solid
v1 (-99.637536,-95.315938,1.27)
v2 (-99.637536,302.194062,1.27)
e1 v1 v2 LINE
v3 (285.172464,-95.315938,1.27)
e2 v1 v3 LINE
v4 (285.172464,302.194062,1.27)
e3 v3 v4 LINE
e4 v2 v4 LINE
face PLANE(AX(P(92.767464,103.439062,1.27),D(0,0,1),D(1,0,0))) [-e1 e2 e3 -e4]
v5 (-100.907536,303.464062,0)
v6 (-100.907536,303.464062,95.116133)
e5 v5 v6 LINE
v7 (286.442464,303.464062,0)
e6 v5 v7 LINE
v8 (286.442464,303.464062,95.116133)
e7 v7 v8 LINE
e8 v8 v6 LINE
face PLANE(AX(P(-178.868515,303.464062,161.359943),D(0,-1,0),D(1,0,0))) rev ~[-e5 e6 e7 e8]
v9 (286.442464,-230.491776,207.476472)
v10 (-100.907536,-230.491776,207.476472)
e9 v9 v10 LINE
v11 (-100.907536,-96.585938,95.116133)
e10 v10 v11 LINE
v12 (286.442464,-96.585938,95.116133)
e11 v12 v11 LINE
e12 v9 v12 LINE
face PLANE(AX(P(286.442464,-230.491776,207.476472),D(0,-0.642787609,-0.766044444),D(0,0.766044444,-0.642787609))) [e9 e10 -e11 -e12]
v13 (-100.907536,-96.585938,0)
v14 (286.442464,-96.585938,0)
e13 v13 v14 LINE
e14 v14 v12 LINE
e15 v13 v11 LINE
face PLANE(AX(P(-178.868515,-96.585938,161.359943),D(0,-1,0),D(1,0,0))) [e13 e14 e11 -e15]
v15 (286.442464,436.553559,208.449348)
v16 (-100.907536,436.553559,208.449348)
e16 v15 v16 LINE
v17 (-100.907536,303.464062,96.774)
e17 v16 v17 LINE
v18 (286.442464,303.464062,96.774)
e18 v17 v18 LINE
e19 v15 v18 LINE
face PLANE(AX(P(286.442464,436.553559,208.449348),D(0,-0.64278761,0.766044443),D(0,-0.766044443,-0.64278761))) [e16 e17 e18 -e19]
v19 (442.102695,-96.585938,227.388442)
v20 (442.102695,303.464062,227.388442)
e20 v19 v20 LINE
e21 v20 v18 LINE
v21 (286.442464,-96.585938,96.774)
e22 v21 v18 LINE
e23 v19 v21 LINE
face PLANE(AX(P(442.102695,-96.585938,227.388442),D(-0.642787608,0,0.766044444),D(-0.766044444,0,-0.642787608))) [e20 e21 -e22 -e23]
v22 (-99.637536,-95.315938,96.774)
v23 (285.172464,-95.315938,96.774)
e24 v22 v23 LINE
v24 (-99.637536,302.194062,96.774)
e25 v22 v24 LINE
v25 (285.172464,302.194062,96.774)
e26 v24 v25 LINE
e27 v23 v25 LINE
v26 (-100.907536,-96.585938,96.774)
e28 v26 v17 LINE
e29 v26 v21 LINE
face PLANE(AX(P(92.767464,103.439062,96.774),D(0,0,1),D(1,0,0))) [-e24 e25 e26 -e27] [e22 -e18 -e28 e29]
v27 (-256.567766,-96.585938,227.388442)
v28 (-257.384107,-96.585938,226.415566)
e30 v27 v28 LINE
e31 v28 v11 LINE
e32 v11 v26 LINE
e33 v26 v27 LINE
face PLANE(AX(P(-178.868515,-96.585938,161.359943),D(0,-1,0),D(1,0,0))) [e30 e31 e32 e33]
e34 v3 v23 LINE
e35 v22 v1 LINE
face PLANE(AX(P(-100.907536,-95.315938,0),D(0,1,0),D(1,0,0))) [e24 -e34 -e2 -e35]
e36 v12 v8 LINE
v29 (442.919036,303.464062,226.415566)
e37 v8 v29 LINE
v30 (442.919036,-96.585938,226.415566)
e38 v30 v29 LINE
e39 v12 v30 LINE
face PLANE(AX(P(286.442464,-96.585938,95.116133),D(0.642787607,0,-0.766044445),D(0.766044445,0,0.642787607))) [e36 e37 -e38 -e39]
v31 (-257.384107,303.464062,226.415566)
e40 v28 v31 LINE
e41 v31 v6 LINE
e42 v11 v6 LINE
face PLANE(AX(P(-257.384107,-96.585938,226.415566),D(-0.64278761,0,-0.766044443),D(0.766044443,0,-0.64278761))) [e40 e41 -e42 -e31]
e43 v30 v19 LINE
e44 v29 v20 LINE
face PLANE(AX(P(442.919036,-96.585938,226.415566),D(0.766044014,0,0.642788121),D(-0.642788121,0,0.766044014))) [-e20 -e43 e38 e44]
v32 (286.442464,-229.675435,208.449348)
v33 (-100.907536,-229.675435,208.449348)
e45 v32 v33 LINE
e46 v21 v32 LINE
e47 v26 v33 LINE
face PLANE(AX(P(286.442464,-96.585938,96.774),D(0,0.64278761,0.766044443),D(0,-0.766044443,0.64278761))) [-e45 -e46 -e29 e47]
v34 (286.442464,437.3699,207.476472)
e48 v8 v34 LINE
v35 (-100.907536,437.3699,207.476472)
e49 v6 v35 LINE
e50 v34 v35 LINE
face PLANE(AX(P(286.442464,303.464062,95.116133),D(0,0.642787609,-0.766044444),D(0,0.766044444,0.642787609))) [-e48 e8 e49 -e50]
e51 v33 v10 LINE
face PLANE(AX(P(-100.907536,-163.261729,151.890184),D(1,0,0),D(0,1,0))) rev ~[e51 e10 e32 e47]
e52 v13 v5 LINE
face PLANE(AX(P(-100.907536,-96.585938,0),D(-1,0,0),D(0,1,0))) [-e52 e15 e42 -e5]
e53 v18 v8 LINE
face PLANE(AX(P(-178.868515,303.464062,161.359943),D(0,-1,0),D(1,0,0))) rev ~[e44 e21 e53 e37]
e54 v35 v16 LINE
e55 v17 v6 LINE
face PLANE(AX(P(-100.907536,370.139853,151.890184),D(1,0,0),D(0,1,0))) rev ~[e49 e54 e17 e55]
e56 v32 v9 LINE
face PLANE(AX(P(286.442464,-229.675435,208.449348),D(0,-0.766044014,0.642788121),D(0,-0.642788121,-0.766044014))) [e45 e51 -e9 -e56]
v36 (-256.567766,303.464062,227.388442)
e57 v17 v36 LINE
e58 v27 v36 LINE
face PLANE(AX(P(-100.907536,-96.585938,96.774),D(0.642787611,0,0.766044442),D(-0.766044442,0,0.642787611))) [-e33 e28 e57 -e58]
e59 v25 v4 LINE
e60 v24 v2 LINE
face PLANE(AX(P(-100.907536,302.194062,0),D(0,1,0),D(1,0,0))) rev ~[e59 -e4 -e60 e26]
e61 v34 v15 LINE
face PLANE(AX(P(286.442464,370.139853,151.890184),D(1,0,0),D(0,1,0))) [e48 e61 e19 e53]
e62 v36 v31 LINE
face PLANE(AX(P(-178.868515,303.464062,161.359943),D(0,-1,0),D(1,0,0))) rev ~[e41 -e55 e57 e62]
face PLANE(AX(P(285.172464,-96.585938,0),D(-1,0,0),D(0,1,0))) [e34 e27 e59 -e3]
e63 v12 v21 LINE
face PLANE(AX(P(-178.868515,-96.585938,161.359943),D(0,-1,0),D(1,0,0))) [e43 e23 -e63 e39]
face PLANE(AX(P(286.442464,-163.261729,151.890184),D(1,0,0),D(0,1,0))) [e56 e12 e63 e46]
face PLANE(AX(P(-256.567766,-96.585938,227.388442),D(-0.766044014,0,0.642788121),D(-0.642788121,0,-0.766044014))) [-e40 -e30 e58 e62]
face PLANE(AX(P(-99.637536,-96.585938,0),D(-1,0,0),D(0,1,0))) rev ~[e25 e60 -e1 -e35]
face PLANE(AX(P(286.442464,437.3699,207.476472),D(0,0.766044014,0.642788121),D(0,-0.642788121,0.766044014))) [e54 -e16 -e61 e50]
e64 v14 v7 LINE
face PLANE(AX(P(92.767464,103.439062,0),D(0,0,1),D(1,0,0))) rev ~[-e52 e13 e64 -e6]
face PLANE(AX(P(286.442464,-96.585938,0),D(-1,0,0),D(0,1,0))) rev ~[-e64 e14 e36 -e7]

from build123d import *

# Parameters (mm, degrees)
F0_W     = 387.35
F0_H     = 400.05
F1_DEPTH = 96.774
F2_T     = -1.27
F4_DEPTH = 400.05
F6_DEPTH = 387.35


with BuildPart() as f1:
    # F0 (on Top) → F1 (new body)
    with BuildSketch(Plane.XY):
        with Locations((92.767464, 103.439062)):
            Rectangle(F0_W, F0_H)
    extrude(amount=F1_DEPTH)

    # F2
    f2_openings = [f1.faces().sort_by_distance(p)[0] for p in [
        (92.767464, 103.439062, 96.774),
    ]]
    offset(amount=F2_T, openings=f2_openings)

    # F3 (on face) → F4 (join)
    with BuildSketch(Plane.XZ.offset(96.585938)):
        Polygon((-100.907536, 95.116133), (-100.907536, 96.774), (-256.567766, 227.388442), (-257.384107, 226.415566), align=None)
        Polygon((442.102695, 227.388442), (286.442464, 96.774), (286.442464, 95.116133), (442.919036, 226.415566), align=None)
    extrude(amount=-F4_DEPTH)

    # F5 (on face) → F6 (join)
    with BuildSketch(Plane.YZ.offset(286.442464)):
        Polygon((303.464062, 96.774), (303.464062, 95.116133), (437.3699, 207.476472), (436.553559, 208.449348), align=None)
        Polygon((-230.491776, 207.476472), (-96.585938, 95.116133), (-96.585938, 96.774), (-229.675435, 208.449348), align=None)
    extrude(amount=-F6_DEPTH)


solid = f1.part
